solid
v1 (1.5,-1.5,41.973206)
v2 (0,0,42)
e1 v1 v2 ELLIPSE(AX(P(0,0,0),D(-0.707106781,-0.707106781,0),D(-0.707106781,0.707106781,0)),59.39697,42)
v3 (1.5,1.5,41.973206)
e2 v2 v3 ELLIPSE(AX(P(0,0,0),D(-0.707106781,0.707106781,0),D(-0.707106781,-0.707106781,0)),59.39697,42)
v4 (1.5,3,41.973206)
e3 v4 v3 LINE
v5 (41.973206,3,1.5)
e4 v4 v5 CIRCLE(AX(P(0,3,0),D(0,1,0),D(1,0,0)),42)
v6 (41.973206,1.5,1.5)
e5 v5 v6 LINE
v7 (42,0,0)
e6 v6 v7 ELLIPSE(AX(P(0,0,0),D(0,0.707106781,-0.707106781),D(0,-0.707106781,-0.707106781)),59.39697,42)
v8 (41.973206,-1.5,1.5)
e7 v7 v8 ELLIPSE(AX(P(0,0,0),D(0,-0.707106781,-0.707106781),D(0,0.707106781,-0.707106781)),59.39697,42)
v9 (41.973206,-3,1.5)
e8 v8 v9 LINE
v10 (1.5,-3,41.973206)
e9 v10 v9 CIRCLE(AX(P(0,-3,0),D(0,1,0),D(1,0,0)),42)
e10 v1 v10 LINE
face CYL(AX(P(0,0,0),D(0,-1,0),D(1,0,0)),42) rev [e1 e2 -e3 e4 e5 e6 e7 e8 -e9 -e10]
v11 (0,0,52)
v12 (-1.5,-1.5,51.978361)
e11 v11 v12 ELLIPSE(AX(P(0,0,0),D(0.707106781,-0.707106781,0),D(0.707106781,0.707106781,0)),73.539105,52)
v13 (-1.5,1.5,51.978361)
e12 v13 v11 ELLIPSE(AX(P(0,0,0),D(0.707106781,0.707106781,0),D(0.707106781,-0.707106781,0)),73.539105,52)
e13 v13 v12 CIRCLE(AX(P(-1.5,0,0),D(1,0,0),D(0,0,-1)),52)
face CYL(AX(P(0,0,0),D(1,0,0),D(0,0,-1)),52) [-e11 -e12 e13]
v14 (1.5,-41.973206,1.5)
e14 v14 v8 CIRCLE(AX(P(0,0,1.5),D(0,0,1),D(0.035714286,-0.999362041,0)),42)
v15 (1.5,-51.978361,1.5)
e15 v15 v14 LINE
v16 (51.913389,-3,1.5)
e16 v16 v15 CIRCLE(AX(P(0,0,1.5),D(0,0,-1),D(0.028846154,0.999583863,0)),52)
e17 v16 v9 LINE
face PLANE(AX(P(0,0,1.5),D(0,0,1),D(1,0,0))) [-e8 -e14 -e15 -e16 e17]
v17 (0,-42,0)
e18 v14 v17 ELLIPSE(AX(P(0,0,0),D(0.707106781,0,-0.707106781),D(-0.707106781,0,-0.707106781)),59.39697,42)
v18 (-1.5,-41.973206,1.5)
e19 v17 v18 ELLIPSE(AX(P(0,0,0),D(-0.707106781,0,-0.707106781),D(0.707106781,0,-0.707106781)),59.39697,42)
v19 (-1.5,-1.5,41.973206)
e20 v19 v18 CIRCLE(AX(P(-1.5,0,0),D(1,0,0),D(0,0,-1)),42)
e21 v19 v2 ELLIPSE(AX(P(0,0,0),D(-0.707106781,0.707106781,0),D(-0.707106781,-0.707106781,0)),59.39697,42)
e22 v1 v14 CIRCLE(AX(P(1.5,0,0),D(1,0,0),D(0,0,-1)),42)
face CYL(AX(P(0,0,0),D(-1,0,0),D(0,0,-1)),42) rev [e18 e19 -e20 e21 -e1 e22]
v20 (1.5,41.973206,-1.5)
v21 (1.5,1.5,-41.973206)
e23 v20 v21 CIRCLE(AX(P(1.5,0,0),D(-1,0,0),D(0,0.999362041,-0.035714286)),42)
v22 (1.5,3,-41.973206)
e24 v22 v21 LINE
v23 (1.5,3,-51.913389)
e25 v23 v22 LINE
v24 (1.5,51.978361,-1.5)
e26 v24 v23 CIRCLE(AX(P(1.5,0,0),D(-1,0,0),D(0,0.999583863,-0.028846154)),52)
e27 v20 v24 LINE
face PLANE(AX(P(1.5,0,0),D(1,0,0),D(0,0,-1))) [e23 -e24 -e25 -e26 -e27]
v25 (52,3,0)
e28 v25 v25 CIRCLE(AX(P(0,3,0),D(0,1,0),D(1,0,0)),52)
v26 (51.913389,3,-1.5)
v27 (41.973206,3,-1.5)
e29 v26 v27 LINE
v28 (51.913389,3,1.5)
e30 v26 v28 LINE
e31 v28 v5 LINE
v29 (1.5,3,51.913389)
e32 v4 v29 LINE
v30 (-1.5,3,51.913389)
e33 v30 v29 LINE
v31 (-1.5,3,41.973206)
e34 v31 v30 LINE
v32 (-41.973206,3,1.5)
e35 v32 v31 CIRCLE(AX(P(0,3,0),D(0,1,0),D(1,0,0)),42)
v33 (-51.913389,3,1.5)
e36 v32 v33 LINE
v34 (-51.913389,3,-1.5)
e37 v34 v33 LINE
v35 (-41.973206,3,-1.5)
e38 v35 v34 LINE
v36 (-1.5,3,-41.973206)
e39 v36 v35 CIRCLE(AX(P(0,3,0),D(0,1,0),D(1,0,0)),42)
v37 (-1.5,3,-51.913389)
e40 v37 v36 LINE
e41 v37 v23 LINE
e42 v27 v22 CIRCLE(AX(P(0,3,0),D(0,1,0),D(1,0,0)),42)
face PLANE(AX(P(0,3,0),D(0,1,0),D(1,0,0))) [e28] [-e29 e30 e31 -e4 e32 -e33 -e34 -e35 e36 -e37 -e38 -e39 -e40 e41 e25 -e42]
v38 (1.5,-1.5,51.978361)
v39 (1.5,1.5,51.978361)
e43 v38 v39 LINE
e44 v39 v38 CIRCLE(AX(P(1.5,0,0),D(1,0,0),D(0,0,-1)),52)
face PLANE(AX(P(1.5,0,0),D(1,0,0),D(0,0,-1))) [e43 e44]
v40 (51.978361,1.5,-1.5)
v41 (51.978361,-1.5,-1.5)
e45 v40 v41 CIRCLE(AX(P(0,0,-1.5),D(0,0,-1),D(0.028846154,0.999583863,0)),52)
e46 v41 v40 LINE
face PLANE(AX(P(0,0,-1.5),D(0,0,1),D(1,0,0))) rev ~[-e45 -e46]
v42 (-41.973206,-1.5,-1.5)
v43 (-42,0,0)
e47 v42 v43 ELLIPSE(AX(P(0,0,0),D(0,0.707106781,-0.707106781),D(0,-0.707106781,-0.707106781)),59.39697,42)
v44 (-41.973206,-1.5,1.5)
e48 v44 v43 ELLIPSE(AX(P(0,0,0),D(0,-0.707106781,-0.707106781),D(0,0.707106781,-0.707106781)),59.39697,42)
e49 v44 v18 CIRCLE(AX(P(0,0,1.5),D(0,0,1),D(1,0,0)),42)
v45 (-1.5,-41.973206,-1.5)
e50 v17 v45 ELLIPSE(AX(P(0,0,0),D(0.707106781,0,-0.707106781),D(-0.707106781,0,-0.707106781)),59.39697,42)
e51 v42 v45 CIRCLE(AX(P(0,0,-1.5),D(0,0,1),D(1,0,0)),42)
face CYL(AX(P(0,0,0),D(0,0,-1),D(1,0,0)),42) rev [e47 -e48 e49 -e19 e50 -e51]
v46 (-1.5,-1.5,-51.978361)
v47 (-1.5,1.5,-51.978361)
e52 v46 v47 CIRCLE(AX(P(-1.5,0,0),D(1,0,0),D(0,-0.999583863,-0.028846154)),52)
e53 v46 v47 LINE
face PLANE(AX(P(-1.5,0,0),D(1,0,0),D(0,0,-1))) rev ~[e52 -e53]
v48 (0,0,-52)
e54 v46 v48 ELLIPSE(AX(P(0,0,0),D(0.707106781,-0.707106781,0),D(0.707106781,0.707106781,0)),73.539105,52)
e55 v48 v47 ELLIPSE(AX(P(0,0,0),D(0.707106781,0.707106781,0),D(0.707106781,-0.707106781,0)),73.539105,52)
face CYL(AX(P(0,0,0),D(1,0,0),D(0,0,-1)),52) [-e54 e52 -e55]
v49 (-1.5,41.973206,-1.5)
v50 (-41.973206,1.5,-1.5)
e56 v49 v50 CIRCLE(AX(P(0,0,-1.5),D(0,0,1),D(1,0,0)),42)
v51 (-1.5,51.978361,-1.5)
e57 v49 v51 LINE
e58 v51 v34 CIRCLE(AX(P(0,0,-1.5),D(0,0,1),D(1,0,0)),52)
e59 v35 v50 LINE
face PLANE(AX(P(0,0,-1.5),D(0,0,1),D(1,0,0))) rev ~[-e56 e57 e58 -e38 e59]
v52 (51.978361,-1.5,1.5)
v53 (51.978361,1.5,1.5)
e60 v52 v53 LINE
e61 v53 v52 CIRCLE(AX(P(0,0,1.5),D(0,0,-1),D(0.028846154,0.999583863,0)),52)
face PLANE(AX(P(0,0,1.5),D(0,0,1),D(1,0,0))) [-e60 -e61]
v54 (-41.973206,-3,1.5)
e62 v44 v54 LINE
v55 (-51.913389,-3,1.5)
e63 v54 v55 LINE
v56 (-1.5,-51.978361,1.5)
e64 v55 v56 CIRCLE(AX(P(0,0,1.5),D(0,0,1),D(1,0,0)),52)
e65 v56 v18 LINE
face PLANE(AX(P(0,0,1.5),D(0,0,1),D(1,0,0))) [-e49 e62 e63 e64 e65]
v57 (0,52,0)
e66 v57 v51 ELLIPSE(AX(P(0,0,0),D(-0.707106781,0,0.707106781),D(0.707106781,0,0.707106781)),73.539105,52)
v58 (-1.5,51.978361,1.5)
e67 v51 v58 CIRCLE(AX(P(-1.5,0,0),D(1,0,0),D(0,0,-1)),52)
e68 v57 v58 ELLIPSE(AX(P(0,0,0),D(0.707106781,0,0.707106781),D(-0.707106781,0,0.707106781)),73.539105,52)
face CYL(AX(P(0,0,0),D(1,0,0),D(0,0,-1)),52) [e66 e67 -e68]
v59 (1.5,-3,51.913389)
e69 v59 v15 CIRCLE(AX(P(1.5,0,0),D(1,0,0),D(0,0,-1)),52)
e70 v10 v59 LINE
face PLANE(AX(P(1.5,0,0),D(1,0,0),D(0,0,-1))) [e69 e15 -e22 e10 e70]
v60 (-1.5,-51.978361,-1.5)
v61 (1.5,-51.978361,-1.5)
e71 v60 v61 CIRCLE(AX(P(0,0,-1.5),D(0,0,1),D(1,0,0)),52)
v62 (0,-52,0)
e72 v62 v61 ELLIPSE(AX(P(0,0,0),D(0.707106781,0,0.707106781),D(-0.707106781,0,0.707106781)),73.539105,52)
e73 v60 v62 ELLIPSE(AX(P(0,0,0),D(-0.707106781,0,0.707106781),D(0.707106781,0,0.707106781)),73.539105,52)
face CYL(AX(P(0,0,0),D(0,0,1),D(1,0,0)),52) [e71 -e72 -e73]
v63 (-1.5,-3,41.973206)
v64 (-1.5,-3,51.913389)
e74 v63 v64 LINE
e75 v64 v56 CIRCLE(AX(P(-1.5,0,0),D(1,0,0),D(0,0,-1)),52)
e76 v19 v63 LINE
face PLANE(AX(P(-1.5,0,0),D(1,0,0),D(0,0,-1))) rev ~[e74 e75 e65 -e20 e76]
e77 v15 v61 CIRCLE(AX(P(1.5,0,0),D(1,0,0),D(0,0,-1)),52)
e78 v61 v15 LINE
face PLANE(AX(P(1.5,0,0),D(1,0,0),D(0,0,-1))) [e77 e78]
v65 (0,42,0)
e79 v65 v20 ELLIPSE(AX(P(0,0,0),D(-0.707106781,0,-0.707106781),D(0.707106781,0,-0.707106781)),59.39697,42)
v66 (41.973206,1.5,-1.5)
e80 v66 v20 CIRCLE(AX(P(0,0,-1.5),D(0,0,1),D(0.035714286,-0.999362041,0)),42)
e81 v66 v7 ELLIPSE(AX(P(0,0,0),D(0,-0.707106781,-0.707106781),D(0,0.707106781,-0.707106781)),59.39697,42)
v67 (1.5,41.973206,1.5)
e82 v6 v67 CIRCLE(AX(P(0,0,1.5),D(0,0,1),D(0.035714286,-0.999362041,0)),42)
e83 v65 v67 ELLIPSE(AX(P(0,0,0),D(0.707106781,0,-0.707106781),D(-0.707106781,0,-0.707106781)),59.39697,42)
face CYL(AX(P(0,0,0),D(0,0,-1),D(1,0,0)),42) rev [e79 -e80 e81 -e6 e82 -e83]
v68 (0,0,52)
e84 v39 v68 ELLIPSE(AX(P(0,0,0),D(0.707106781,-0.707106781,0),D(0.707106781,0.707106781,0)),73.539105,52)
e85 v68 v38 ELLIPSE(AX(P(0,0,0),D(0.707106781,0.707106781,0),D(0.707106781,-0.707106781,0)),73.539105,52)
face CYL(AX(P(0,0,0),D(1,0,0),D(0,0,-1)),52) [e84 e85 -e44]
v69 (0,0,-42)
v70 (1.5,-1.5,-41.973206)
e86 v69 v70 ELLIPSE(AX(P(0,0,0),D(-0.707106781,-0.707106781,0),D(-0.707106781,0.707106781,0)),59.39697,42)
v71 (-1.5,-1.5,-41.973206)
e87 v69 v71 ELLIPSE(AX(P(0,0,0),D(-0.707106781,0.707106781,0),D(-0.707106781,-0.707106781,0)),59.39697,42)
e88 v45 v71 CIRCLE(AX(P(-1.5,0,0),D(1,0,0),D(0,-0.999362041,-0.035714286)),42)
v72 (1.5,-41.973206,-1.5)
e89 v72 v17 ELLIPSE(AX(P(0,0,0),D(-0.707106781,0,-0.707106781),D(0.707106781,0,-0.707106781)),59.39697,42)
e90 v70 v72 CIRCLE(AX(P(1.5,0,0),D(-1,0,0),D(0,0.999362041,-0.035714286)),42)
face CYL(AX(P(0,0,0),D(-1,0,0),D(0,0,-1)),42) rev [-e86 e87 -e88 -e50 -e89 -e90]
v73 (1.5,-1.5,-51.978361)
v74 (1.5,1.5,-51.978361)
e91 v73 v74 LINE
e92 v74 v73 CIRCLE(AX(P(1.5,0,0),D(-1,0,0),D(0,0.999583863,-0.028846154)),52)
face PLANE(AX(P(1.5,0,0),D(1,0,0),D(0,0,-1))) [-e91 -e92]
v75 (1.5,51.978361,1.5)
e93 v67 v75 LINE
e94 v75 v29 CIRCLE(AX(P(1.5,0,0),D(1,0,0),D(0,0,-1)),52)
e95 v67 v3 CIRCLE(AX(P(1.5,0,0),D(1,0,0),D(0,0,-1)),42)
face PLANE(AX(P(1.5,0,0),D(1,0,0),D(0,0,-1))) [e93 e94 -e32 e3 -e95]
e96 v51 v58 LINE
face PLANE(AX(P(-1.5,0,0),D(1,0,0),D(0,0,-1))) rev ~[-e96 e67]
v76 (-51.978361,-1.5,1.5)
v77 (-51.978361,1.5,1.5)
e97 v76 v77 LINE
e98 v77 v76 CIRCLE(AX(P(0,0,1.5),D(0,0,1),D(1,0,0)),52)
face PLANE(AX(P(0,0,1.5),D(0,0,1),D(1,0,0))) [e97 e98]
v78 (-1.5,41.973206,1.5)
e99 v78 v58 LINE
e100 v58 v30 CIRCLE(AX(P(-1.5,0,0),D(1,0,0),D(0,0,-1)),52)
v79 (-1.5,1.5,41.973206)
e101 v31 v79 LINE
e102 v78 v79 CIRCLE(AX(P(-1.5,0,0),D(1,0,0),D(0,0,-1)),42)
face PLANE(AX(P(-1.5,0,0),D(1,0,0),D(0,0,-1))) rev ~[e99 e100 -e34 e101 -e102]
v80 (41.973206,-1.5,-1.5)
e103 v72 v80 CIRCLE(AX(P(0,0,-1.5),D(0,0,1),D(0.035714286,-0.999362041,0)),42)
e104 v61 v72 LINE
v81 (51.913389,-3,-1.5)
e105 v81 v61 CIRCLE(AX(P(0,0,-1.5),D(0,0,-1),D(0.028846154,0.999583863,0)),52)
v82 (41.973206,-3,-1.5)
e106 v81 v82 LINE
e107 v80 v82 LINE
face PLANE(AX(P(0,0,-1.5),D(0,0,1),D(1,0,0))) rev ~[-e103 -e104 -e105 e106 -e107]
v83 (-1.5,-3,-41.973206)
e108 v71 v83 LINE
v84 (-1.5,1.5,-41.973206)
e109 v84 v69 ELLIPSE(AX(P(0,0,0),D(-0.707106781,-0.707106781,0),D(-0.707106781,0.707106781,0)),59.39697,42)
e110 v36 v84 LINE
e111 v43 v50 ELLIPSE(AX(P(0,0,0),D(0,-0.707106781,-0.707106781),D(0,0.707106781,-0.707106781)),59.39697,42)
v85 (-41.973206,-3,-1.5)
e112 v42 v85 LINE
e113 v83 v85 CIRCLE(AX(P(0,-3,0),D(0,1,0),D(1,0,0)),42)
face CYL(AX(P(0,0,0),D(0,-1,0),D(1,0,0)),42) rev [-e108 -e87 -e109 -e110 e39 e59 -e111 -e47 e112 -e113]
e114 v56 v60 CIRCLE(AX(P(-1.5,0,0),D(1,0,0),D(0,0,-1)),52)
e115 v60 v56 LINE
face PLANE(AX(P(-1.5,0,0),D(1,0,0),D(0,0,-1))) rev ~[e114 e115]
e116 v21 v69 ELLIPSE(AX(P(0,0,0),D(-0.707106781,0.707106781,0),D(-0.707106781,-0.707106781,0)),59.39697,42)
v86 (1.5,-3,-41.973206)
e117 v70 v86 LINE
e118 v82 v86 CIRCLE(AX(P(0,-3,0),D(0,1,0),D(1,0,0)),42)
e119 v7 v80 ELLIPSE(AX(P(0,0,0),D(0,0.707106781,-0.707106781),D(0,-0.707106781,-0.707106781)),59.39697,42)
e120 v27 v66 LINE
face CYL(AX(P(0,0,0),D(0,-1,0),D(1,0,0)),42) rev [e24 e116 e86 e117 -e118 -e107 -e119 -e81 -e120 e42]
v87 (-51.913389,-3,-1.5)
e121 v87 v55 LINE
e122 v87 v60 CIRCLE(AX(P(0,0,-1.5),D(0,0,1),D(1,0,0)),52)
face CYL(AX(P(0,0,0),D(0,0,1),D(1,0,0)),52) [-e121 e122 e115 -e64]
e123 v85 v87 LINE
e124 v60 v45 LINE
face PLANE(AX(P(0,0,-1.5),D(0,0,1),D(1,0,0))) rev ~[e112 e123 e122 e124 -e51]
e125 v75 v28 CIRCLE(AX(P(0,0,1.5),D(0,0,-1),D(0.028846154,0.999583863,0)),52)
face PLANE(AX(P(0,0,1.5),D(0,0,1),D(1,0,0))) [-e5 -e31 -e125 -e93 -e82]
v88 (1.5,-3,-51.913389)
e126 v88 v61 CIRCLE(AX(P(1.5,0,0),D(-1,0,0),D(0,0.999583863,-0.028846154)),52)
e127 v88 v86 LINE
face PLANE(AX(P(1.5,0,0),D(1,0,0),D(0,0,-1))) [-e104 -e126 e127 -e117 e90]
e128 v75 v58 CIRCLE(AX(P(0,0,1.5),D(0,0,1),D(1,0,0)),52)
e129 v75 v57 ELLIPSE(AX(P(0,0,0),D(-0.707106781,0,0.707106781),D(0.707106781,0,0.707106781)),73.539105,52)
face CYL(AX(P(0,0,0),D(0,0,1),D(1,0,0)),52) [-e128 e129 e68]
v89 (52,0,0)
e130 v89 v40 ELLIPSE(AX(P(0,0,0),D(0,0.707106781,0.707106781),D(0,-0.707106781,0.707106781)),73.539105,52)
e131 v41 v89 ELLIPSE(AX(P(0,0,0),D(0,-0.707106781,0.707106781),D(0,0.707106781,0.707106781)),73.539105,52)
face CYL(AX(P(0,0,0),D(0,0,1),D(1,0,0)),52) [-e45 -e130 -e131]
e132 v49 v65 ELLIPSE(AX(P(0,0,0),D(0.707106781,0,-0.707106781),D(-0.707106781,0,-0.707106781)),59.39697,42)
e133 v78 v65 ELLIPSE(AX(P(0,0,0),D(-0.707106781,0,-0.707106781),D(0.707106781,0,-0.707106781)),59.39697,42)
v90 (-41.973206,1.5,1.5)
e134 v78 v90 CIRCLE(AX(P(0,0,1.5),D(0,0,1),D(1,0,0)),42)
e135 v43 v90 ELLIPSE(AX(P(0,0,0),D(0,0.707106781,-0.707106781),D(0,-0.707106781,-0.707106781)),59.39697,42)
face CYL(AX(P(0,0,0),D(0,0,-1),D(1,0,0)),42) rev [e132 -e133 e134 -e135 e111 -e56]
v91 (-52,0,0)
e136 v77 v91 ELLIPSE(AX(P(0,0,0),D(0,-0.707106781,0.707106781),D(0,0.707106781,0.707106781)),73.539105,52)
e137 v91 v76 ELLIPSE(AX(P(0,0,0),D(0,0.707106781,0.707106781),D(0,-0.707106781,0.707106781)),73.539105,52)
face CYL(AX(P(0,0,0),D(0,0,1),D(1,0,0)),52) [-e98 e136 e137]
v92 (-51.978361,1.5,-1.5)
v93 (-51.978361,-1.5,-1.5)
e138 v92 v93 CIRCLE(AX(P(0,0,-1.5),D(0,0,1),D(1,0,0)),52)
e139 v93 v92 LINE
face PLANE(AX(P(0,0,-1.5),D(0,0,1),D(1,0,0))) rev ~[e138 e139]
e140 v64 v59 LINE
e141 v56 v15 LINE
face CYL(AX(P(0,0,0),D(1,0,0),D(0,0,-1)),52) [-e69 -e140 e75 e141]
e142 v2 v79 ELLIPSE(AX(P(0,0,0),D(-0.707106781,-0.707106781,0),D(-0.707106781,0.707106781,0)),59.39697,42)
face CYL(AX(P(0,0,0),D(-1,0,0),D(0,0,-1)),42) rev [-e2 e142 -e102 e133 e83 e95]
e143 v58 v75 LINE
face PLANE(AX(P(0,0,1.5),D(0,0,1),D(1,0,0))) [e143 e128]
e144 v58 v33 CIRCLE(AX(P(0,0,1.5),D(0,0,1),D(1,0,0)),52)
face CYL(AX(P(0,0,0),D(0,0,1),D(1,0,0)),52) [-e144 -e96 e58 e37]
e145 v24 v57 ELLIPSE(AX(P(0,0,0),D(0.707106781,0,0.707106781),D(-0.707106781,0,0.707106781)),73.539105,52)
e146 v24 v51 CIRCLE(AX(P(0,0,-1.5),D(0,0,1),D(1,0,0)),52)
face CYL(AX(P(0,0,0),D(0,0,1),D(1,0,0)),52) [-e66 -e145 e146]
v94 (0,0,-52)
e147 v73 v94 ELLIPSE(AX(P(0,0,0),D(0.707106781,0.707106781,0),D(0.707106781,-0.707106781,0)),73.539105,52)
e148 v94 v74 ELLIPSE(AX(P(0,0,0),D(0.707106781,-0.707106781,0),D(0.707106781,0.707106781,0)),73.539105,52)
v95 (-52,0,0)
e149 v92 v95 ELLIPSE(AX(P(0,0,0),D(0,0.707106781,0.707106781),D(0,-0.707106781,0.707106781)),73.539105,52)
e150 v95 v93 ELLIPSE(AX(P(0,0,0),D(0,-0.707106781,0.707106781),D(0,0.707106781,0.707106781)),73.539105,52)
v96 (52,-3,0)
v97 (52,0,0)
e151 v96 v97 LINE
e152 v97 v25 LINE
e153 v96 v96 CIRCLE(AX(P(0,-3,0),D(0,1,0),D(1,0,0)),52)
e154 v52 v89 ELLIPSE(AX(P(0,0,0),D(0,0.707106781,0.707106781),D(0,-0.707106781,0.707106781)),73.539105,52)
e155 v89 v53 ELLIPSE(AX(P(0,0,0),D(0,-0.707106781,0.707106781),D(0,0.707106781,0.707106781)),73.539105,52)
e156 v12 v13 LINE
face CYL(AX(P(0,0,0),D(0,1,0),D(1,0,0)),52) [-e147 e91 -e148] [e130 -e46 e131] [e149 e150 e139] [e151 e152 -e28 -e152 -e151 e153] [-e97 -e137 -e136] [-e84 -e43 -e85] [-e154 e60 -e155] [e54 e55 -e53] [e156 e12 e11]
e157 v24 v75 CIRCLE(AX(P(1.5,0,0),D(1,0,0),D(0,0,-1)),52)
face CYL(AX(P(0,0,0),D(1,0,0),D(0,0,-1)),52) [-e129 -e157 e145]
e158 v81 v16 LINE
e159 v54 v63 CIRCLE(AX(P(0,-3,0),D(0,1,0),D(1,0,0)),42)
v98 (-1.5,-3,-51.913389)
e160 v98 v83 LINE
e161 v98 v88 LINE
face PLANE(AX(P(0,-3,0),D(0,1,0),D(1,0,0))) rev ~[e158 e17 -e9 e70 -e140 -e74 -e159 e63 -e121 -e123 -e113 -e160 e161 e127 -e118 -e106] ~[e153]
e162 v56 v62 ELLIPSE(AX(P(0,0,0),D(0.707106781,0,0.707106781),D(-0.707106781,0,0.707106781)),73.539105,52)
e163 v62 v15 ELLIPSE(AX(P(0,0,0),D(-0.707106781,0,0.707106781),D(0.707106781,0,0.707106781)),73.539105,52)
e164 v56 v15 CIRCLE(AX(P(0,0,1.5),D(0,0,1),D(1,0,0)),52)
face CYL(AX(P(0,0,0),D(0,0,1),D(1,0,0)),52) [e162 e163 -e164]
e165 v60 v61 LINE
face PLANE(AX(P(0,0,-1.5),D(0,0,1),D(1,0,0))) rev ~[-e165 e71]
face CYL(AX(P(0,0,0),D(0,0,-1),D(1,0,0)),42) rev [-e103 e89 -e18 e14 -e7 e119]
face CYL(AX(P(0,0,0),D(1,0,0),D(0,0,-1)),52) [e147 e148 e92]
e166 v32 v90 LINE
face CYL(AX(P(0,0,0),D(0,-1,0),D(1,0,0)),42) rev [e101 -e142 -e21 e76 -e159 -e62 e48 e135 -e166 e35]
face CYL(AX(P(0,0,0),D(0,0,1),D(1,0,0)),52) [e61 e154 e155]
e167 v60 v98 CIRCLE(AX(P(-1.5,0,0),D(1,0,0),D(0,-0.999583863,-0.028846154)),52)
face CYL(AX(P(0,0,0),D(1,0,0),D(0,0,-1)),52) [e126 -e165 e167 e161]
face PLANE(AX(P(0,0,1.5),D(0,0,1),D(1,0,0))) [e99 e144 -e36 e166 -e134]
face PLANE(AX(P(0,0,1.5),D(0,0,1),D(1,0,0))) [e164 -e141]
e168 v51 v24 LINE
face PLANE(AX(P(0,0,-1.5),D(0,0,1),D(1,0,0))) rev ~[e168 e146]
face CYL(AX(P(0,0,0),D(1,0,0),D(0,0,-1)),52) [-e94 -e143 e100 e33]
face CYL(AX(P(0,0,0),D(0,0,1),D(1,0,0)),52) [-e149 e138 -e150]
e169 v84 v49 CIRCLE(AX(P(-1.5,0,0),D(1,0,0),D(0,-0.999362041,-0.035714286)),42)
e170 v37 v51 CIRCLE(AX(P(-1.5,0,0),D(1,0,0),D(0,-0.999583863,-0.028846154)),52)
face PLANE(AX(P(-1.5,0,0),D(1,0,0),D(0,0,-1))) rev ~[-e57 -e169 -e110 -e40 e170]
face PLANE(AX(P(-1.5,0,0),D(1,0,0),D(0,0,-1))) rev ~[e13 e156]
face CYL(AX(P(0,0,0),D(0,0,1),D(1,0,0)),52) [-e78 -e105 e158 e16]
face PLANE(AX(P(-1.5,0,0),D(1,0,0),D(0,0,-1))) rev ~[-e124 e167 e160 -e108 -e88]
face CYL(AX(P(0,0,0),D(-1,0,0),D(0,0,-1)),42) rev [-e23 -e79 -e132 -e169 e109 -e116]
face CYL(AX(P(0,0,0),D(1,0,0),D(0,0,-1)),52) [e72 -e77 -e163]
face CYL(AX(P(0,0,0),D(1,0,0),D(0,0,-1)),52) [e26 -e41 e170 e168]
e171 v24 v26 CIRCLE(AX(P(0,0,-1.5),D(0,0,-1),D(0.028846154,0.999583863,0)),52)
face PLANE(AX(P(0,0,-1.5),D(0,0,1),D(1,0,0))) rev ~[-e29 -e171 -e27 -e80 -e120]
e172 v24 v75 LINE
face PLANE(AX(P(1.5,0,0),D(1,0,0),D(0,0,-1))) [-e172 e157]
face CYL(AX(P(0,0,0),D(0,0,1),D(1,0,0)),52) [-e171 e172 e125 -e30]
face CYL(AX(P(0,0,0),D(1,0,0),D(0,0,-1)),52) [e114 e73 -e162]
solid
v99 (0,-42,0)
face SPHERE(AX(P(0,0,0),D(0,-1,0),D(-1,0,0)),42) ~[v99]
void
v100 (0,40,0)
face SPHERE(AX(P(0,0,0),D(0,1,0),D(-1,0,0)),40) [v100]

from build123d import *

# Parameters (mm, degrees)
SKETCH2_R           = 52
SKETCH2_R_2         = 42
BOSS_EXTRUDE1_DEPTH = 1.5
SKETCH4_R           = 52
SKETCH4_R_2         = 42
BOSS_EXTRUDE2_DEPTH = 1.5
SKETCH5_R           = 52
SKETCH5_R_2         = 42
BOSS_EXTRUDE3_DEPTH = 3


with BuildPart() as part:
    # Sketch1 one side → Revolve3 (revolve)
    with BuildSketch(Plane.XY):
        with BuildLine():
            Line((0, 40), (0, 42))
            ThreePointArc((0, 42), (-42, 0), (0, -42))
            Line((0, -42), (0, -40))
            ThreePointArc((0, -40), (-40, 0), (0, 40))
        make_face()
    revolve(axis=Axis((0, 0, 0), (0, 1, 0)))


with BuildPart() as body_2:
    # Sketch2 → Boss-Extrude1 (new body, symmetric)
    with BuildSketch(Plane.XY):
        Circle(SKETCH2_R)
        Circle(SKETCH2_R_2, mode=Mode.SUBTRACT)
    extrude(amount=BOSS_EXTRUDE1_DEPTH, both=True)

    # Sketch4 → Boss-Extrude2 (add, symmetric)
    with BuildSketch(Plane(origin=(0, 0, 0), x_dir=(0, 0, -1), z_dir=(1, 0, 0))):
        Circle(SKETCH4_R)
        Circle(SKETCH4_R_2, mode=Mode.SUBTRACT)
    extrude(amount=BOSS_EXTRUDE2_DEPTH, both=True)

    # Sketch5 → Boss-Extrude3 (add, symmetric)
    with BuildSketch(Plane(origin=(0, 0, 0), x_dir=(1, 0, 0), z_dir=(0, 1, 0))):
        Circle(SKETCH5_R)
        Circle(SKETCH5_R_2, mode=Mode.SUBTRACT)
    extrude(amount=BOSS_EXTRUDE3_DEPTH, both=True)


solid = Compound([part.part, body_2.part])
